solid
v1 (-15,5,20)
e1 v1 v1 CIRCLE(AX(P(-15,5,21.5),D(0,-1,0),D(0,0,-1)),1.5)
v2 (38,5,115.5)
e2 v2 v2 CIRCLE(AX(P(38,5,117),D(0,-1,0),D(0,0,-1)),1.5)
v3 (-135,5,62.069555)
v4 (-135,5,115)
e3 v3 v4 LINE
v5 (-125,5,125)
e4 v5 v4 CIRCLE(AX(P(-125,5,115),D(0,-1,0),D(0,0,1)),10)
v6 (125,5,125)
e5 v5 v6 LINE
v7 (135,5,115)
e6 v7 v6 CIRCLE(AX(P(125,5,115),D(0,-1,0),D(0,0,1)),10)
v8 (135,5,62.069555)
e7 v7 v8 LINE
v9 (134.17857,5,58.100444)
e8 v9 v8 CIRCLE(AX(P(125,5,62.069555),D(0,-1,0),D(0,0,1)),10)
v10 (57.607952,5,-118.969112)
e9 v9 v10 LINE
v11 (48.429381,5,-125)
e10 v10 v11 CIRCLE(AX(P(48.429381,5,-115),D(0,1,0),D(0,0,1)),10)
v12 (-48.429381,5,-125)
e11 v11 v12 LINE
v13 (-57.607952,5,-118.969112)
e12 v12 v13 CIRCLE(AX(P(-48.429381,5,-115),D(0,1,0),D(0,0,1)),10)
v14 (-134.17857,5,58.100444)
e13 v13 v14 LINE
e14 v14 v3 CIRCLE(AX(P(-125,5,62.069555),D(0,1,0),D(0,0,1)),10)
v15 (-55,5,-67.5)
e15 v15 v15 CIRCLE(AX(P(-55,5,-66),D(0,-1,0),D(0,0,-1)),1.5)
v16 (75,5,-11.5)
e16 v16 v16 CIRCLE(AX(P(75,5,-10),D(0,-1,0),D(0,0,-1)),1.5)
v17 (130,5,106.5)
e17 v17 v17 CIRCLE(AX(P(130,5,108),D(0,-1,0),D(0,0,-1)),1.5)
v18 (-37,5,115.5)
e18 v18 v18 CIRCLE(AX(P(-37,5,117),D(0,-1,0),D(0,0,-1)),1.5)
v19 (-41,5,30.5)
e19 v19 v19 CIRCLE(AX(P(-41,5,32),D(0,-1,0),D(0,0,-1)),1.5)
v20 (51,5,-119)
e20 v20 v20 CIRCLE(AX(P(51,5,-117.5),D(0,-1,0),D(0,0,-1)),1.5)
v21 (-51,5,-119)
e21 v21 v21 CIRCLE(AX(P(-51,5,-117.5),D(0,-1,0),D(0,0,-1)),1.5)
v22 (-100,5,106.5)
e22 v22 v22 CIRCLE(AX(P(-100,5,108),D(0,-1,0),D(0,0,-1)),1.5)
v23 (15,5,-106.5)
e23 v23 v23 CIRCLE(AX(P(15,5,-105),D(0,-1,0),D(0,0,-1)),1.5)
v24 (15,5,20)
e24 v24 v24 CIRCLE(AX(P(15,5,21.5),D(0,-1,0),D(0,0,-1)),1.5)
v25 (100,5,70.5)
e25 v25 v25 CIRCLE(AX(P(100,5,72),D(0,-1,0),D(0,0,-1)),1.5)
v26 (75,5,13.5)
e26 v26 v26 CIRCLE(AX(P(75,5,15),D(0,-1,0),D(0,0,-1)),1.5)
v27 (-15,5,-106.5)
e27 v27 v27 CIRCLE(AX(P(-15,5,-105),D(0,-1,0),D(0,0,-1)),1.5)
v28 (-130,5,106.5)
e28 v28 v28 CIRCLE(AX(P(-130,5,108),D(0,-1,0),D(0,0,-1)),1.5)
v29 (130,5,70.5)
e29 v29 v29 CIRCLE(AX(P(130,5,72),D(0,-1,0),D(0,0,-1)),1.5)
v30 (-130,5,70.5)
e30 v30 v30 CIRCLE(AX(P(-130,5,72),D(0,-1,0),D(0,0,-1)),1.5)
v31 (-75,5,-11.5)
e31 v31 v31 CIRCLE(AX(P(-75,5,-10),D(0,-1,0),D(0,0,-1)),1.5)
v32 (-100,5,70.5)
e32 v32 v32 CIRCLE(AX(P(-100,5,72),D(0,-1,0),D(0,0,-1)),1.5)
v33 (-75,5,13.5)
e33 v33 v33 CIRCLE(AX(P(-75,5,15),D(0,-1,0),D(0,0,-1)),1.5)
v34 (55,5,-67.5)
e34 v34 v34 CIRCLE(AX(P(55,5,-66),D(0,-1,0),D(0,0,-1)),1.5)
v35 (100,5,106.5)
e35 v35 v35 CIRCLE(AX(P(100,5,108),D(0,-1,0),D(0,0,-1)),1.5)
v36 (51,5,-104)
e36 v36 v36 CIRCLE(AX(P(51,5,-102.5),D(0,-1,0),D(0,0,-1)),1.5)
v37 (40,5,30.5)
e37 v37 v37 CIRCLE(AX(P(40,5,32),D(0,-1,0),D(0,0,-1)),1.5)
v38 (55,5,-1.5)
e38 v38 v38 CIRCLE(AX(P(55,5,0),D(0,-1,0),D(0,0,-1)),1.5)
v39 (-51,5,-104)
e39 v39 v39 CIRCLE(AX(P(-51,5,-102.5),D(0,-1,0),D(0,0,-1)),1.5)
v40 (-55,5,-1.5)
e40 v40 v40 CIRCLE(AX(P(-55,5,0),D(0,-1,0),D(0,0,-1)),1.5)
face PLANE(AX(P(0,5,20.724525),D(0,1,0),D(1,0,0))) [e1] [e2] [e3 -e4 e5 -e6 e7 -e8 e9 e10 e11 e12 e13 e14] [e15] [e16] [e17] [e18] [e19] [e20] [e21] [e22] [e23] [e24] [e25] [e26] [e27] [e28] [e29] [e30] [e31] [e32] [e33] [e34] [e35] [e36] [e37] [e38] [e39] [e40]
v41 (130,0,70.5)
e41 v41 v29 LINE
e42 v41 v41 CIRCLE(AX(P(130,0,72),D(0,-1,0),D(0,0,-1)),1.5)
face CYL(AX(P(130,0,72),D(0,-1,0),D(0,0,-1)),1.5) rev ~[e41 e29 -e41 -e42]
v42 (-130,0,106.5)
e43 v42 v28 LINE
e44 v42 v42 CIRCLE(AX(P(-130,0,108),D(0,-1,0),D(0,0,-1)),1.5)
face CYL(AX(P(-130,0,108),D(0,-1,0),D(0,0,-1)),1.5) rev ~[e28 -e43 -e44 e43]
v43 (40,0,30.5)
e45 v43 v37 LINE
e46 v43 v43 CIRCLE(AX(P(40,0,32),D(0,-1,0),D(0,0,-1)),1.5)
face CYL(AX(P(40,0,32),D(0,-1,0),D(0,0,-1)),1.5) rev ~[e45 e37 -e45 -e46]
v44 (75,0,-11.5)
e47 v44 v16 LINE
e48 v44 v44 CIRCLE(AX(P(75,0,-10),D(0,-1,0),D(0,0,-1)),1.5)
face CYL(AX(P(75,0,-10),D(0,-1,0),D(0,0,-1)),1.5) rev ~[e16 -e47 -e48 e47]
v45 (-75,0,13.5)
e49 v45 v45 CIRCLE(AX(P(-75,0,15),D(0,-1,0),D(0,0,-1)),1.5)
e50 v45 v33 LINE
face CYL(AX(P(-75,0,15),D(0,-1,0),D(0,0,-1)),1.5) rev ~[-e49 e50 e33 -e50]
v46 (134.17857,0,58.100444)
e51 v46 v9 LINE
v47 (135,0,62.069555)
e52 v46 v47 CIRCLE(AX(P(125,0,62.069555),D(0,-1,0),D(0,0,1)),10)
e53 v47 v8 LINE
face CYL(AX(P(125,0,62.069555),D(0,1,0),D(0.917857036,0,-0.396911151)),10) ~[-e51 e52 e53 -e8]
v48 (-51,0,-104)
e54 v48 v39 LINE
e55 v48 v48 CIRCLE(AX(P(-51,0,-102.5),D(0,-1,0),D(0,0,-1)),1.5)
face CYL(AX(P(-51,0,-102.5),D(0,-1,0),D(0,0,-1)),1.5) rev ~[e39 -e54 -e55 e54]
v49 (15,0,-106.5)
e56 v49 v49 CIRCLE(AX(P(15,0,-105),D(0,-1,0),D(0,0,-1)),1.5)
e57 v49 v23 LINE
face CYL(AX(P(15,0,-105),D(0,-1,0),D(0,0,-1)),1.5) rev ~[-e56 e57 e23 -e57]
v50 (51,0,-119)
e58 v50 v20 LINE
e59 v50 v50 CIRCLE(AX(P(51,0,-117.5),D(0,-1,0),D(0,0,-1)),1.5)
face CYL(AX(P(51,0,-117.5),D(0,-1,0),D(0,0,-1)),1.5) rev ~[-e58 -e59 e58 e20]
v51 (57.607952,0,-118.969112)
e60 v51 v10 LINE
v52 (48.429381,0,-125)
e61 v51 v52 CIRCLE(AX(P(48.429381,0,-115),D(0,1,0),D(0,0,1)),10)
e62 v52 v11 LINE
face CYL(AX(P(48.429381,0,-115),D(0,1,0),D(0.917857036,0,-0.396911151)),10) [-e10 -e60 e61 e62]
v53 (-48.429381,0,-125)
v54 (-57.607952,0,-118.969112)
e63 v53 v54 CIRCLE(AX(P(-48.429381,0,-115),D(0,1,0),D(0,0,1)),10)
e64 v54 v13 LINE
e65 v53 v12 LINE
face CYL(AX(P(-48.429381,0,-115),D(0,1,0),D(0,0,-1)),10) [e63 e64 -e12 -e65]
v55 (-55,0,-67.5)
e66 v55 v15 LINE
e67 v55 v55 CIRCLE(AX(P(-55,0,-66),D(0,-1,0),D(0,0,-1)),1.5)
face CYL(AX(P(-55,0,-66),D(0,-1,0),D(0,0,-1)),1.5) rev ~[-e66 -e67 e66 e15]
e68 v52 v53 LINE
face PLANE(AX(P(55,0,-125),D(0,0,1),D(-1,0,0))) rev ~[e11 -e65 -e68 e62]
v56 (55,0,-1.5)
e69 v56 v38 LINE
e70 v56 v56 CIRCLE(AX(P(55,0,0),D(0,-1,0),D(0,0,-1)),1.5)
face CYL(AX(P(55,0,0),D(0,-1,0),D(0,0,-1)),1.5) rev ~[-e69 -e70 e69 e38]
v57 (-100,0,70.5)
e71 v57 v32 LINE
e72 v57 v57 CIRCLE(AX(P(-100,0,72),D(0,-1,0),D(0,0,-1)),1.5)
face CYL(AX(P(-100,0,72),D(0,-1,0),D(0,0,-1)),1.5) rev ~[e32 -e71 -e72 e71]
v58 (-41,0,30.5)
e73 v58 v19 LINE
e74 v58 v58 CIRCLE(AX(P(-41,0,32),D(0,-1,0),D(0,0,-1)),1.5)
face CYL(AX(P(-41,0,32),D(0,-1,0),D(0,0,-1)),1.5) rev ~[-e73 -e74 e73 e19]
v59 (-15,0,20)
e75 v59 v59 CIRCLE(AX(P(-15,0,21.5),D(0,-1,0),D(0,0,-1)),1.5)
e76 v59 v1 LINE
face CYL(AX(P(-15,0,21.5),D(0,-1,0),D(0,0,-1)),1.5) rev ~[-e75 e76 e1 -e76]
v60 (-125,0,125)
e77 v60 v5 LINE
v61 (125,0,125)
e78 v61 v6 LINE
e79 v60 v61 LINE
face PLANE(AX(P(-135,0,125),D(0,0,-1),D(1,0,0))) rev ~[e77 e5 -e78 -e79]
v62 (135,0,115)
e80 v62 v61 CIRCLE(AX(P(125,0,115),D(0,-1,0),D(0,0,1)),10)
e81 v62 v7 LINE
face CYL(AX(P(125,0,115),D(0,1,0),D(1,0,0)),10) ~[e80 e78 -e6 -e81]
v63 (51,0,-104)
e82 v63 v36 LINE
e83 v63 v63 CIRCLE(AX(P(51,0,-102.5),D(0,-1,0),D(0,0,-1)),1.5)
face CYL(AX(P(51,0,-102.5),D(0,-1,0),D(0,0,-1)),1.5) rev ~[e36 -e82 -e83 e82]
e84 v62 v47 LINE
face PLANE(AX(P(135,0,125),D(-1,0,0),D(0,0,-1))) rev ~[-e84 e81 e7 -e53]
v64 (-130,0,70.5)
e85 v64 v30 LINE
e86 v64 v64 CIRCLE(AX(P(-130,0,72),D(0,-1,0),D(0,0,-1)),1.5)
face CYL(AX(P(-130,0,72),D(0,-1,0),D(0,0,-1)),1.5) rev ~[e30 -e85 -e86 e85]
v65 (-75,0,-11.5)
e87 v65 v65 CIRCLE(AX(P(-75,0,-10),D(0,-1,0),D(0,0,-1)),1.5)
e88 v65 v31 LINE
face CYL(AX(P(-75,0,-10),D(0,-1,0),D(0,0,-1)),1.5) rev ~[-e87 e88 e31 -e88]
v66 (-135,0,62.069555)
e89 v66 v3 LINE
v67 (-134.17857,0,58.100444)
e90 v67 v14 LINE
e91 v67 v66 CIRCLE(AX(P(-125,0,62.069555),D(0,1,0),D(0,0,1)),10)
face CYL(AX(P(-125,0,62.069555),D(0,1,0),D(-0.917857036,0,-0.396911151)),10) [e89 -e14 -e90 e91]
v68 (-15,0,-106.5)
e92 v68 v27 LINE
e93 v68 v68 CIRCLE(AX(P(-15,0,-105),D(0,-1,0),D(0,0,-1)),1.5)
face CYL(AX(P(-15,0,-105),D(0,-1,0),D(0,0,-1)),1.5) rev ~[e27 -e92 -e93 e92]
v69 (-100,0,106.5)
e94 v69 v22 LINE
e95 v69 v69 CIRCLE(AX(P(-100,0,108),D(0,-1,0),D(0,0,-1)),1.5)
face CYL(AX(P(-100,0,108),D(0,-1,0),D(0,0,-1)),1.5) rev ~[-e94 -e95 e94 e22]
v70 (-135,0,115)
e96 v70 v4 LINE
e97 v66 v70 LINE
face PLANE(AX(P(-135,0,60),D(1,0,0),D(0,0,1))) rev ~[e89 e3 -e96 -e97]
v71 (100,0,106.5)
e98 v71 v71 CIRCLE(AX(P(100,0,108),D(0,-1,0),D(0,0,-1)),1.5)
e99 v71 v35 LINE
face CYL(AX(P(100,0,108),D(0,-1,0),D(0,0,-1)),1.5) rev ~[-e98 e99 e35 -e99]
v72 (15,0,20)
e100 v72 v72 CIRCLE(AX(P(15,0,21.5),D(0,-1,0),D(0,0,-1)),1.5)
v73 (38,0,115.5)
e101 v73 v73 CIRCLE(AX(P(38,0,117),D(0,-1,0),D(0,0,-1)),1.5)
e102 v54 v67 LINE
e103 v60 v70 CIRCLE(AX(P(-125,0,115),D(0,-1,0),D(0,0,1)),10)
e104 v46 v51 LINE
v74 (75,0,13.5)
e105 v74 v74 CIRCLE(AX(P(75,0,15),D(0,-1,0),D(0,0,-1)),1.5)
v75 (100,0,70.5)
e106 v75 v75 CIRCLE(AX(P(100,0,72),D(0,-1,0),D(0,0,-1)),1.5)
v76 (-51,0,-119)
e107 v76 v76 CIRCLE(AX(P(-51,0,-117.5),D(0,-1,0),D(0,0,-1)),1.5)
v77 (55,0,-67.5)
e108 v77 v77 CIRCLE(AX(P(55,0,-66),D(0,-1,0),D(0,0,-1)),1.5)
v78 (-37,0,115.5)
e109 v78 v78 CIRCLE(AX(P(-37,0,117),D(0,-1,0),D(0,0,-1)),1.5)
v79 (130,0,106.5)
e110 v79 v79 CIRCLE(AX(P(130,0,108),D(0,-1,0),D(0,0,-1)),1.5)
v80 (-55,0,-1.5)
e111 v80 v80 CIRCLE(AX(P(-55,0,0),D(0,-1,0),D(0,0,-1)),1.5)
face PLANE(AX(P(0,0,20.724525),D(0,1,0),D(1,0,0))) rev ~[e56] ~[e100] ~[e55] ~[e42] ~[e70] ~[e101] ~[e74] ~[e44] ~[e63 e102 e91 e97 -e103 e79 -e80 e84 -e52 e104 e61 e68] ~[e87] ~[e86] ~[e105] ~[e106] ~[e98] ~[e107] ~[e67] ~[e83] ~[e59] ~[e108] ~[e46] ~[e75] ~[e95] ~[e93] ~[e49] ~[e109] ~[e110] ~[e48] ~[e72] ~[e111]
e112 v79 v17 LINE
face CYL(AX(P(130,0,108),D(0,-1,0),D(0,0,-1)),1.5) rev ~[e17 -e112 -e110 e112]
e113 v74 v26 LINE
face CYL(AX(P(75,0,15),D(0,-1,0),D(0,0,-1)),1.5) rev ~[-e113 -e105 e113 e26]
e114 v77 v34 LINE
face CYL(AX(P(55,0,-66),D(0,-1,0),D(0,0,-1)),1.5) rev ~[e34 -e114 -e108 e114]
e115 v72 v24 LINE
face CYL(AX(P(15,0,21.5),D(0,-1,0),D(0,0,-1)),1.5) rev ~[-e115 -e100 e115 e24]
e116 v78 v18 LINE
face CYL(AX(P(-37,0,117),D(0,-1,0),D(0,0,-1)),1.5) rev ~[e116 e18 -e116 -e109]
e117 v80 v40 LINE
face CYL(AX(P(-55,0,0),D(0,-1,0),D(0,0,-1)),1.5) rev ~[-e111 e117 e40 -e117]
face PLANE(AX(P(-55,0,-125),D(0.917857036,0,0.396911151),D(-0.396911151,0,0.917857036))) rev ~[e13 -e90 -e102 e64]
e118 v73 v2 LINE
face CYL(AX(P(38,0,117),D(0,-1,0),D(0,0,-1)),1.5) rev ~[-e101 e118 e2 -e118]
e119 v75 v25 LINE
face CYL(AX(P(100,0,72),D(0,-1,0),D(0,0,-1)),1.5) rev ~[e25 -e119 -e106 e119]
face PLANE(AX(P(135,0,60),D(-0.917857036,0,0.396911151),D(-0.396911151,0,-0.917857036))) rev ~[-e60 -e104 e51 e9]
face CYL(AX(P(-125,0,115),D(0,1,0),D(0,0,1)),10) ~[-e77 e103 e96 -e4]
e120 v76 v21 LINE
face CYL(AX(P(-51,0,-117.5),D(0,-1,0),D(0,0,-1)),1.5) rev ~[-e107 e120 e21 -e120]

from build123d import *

# Parameters (mm, degrees)
EXTRUDE_837_DEPTH      = 5
SKETCH_2_R             = 1.5
CUT_EXTRUDE_1413_DEPTH = 6
FILLET_1486_R          = 10
SKETCH_9_R             = 1.5
CUT_EXTRUDE_2145_DEPTH = 5
SKETCH_35_R            = 1.5
CUT_EXTRUDE_2803_DEPTH = 5
SKETCH_38_R            = 1.5
CUT_EXTRUDE_1_DEPTH    = 5
SKETCH_39_R            = 1.5
CUT_EXTRUDE_2_DEPTH    = 5
SKETCH_40_R            = 1.5
CUT_EXTRUDE_4396_DEPTH = 5
SKETCH_41_R            = 1.5
CUT_EXTRUDE_4966_DEPTH = 5
SKETCH_43_R            = 1.5
CUT_EXTRUDE_5573_DEPTH = 5
SKETCH_44_R            = 1.5
CPU_DEPTH              = 5


with BuildPart() as part:
    # ｽｹｯﾁ1 → Extrude 837 (new body)
    with BuildSketch(Plane(origin=(0, 0, 0), x_dir=(1, 0, 0), z_dir=(0, 1, 0))):
        Polygon((135, -60), (55, 125), (-55, 125), (-135, -60), (-135, -125), (135, -125), align=None)
    extrude(amount=EXTRUDE_837_DEPTH)

    # ｽｹｯﾁ2 → Cut-Extrude 1413 (cut, through all)
    with BuildSketch(Plane.XZ):
        with Locations(Location((-130, 72, 0), (0, 0, 270))):  # turned: the seam where the file's is
            Circle(SKETCH_2_R)
        with Locations(Location((-130, 108, 0), (0, 0, 270))):  # turned: the seam where the file's is
            Circle(SKETCH_2_R)
        with Locations(Location((130, 72, 0), (0, 0, 270))):  # turned: the seam where the file's is
            Circle(SKETCH_2_R)
        with Locations(Location((130, 108, 0), (0, 0, 270))):  # turned: the seam where the file's is
            Circle(SKETCH_2_R)
    extrude(amount=-CUT_EXTRUDE_1413_DEPTH, mode=Mode.SUBTRACT)

    # Fillet 1486
    fillet_1486_edges = [part.edges().sort_by_distance(p)[0] for p in [
        (55, 2.5, -125),
        (135, 2.5, 60),
        (135, 2.5, 125),
        (-135, 2.5, 125),
        (-135, 2.5, 60),
        (-55, 2.5, -125),
    ]]
    fillet(fillet_1486_edges, radius=FILLET_1486_R)

    # ｽｹｯﾁ9 → Cut-Extrude 2145 (cut)
    with BuildSketch(Plane.XZ):
        with Locations(Location((15, -105, 0), (0, 0, 270))):  # turned: the seam where the file's is
            Circle(SKETCH_9_R)
        with Locations(Location((-15, -105, 0), (0, 0, 270))):  # turned: the seam where the file's is
            Circle(SKETCH_9_R)
    extrude(amount=-CUT_EXTRUDE_2145_DEPTH, mode=Mode.SUBTRACT)

    # ｽｹｯﾁ35 → Cut-Extrude 2803 (cut)
    with BuildSketch(Plane.XZ):
        with Locations(Location((-15, 21.5, 0), (0, 0, 270))):  # turned: the seam where the file's is
            Circle(SKETCH_35_R)
        with Locations(Location((15, 21.5, 0), (0, 0, 270))):  # turned: the seam where the file's is
            Circle(SKETCH_35_R)
    extrude(amount=-CUT_EXTRUDE_2803_DEPTH, mode=Mode.SUBTRACT)

    # ｽｹｯﾁ38 → 内側モータマウンタ穴1 (cut)
    with BuildSketch(Plane.XZ):
        with Locations(Location((-100, 72, 0), (0, 0, 270))):  # turned: the seam where the file's is
            Circle(SKETCH_38_R)
        with Locations(Location((-100, 108, 0), (0, 0, 270))):  # turned: the seam where the file's is
            Circle(SKETCH_38_R)
    extrude(amount=-CUT_EXTRUDE_1_DEPTH, mode=Mode.SUBTRACT)

    # ｽｹｯﾁ39 → 内側モータマウンタ穴2 (cut)
    with BuildSketch(Plane(origin=(0, 0, 0), x_dir=(-1, 0, 0), z_dir=(0, -1, 0))):
        with Locations(Location((-100, -72, 0), (0, 0, 90))):  # turned: the seam where the file's is
            Circle(SKETCH_39_R)
        with Locations(Location((-100, -108, 0), (0, 0, 90))):  # turned: the seam where the file's is
            Circle(SKETCH_39_R)
    extrude(amount=-CUT_EXTRUDE_2_DEPTH, mode=Mode.SUBTRACT)

    # ｽｹｯﾁ40 → Cut-Extrude 4396 (cut)
    with BuildSketch(Plane.XZ):
        with Locations(Location((51, -117.5, 0), (0, 0, 270))):  # turned: the seam where the file's is
            Circle(SKETCH_40_R)
        with Locations(Location((-51, -117.5, 0), (0, 0, 270))):  # turned: the seam where the file's is
            Circle(SKETCH_40_R)
        with Locations(Location((51, -102.5, 0), (0, 0, 270))):  # turned: the seam where the file's is
            Circle(SKETCH_40_R)
        with Locations(Location((-51, -102.5, 0), (0, 0, 270))):  # turned: the seam where the file's is
            Circle(SKETCH_40_R)
    extrude(amount=-CUT_EXTRUDE_4396_DEPTH, mode=Mode.SUBTRACT)

    # ｽｹｯﾁ41 → Cut-Extrude 4966 (cut)
    with BuildSketch(Plane.XZ):
        with Locations(Location((75, 15, 0), (0, 0, 270))):  # turned: the seam where the file's is
            Circle(SKETCH_41_R)
        with Locations(Location((75, -10, 0), (0, 0, 270))):  # turned: the seam where the file's is
            Circle(SKETCH_41_R)
        with Locations(Location((-75, 15, 0), (0, 0, 270))):  # turned: the seam where the file's is
            Circle(SKETCH_41_R)
        with Locations(Location((-75, -10, 0), (0, 0, 270))):  # turned: the seam where the file's is
            Circle(SKETCH_41_R)
    extrude(amount=-CUT_EXTRUDE_4966_DEPTH, mode=Mode.SUBTRACT)

    # ｽｹｯﾁ43 → Cut-Extrude 5573 (cut)
    with BuildSketch(Plane.XZ):
        with Locations(Location((-55, 0, 0), (0, 0, 270))):  # turned: the seam where the file's is
            Circle(SKETCH_43_R)
        with Locations(Location((-55, -66, 0), (0, 0, 270))):  # turned: the seam where the file's is
            Circle(SKETCH_43_R)
        with Locations(Location((55, 0, 0), (0, 0, 270))):  # turned: the seam where the file's is
            Circle(SKETCH_43_R)
        with Locations(Location((55, -66, 0), (0, 0, 270))):  # turned: the seam where the file's is
            Circle(SKETCH_43_R)
    extrude(amount=-CUT_EXTRUDE_5573_DEPTH, mode=Mode.SUBTRACT)

    # ｽｹｯﾁ44 → CPUタワー穴 (cut)
    with BuildSketch(Plane.XZ):
        with Locations(Location((-41, 32, 0), (0, 0, 270))):  # turned: the seam where the file's is
            Circle(SKETCH_44_R)
        with Locations(Location((40, 32, 0), (0, 0, 270))):  # turned: the seam where the file's is
            Circle(SKETCH_44_R)
        with Locations(Location((38, 117, 0), (0, 0, 270))):  # turned: the seam where the file's is
            Circle(SKETCH_44_R)
        with Locations(Location((-37, 117, 0), (0, 0, 270))):  # turned: the seam where the file's is
            Circle(SKETCH_44_R)
    extrude(amount=-CPU_DEPTH, mode=Mode.SUBTRACT)


solid = part.part
